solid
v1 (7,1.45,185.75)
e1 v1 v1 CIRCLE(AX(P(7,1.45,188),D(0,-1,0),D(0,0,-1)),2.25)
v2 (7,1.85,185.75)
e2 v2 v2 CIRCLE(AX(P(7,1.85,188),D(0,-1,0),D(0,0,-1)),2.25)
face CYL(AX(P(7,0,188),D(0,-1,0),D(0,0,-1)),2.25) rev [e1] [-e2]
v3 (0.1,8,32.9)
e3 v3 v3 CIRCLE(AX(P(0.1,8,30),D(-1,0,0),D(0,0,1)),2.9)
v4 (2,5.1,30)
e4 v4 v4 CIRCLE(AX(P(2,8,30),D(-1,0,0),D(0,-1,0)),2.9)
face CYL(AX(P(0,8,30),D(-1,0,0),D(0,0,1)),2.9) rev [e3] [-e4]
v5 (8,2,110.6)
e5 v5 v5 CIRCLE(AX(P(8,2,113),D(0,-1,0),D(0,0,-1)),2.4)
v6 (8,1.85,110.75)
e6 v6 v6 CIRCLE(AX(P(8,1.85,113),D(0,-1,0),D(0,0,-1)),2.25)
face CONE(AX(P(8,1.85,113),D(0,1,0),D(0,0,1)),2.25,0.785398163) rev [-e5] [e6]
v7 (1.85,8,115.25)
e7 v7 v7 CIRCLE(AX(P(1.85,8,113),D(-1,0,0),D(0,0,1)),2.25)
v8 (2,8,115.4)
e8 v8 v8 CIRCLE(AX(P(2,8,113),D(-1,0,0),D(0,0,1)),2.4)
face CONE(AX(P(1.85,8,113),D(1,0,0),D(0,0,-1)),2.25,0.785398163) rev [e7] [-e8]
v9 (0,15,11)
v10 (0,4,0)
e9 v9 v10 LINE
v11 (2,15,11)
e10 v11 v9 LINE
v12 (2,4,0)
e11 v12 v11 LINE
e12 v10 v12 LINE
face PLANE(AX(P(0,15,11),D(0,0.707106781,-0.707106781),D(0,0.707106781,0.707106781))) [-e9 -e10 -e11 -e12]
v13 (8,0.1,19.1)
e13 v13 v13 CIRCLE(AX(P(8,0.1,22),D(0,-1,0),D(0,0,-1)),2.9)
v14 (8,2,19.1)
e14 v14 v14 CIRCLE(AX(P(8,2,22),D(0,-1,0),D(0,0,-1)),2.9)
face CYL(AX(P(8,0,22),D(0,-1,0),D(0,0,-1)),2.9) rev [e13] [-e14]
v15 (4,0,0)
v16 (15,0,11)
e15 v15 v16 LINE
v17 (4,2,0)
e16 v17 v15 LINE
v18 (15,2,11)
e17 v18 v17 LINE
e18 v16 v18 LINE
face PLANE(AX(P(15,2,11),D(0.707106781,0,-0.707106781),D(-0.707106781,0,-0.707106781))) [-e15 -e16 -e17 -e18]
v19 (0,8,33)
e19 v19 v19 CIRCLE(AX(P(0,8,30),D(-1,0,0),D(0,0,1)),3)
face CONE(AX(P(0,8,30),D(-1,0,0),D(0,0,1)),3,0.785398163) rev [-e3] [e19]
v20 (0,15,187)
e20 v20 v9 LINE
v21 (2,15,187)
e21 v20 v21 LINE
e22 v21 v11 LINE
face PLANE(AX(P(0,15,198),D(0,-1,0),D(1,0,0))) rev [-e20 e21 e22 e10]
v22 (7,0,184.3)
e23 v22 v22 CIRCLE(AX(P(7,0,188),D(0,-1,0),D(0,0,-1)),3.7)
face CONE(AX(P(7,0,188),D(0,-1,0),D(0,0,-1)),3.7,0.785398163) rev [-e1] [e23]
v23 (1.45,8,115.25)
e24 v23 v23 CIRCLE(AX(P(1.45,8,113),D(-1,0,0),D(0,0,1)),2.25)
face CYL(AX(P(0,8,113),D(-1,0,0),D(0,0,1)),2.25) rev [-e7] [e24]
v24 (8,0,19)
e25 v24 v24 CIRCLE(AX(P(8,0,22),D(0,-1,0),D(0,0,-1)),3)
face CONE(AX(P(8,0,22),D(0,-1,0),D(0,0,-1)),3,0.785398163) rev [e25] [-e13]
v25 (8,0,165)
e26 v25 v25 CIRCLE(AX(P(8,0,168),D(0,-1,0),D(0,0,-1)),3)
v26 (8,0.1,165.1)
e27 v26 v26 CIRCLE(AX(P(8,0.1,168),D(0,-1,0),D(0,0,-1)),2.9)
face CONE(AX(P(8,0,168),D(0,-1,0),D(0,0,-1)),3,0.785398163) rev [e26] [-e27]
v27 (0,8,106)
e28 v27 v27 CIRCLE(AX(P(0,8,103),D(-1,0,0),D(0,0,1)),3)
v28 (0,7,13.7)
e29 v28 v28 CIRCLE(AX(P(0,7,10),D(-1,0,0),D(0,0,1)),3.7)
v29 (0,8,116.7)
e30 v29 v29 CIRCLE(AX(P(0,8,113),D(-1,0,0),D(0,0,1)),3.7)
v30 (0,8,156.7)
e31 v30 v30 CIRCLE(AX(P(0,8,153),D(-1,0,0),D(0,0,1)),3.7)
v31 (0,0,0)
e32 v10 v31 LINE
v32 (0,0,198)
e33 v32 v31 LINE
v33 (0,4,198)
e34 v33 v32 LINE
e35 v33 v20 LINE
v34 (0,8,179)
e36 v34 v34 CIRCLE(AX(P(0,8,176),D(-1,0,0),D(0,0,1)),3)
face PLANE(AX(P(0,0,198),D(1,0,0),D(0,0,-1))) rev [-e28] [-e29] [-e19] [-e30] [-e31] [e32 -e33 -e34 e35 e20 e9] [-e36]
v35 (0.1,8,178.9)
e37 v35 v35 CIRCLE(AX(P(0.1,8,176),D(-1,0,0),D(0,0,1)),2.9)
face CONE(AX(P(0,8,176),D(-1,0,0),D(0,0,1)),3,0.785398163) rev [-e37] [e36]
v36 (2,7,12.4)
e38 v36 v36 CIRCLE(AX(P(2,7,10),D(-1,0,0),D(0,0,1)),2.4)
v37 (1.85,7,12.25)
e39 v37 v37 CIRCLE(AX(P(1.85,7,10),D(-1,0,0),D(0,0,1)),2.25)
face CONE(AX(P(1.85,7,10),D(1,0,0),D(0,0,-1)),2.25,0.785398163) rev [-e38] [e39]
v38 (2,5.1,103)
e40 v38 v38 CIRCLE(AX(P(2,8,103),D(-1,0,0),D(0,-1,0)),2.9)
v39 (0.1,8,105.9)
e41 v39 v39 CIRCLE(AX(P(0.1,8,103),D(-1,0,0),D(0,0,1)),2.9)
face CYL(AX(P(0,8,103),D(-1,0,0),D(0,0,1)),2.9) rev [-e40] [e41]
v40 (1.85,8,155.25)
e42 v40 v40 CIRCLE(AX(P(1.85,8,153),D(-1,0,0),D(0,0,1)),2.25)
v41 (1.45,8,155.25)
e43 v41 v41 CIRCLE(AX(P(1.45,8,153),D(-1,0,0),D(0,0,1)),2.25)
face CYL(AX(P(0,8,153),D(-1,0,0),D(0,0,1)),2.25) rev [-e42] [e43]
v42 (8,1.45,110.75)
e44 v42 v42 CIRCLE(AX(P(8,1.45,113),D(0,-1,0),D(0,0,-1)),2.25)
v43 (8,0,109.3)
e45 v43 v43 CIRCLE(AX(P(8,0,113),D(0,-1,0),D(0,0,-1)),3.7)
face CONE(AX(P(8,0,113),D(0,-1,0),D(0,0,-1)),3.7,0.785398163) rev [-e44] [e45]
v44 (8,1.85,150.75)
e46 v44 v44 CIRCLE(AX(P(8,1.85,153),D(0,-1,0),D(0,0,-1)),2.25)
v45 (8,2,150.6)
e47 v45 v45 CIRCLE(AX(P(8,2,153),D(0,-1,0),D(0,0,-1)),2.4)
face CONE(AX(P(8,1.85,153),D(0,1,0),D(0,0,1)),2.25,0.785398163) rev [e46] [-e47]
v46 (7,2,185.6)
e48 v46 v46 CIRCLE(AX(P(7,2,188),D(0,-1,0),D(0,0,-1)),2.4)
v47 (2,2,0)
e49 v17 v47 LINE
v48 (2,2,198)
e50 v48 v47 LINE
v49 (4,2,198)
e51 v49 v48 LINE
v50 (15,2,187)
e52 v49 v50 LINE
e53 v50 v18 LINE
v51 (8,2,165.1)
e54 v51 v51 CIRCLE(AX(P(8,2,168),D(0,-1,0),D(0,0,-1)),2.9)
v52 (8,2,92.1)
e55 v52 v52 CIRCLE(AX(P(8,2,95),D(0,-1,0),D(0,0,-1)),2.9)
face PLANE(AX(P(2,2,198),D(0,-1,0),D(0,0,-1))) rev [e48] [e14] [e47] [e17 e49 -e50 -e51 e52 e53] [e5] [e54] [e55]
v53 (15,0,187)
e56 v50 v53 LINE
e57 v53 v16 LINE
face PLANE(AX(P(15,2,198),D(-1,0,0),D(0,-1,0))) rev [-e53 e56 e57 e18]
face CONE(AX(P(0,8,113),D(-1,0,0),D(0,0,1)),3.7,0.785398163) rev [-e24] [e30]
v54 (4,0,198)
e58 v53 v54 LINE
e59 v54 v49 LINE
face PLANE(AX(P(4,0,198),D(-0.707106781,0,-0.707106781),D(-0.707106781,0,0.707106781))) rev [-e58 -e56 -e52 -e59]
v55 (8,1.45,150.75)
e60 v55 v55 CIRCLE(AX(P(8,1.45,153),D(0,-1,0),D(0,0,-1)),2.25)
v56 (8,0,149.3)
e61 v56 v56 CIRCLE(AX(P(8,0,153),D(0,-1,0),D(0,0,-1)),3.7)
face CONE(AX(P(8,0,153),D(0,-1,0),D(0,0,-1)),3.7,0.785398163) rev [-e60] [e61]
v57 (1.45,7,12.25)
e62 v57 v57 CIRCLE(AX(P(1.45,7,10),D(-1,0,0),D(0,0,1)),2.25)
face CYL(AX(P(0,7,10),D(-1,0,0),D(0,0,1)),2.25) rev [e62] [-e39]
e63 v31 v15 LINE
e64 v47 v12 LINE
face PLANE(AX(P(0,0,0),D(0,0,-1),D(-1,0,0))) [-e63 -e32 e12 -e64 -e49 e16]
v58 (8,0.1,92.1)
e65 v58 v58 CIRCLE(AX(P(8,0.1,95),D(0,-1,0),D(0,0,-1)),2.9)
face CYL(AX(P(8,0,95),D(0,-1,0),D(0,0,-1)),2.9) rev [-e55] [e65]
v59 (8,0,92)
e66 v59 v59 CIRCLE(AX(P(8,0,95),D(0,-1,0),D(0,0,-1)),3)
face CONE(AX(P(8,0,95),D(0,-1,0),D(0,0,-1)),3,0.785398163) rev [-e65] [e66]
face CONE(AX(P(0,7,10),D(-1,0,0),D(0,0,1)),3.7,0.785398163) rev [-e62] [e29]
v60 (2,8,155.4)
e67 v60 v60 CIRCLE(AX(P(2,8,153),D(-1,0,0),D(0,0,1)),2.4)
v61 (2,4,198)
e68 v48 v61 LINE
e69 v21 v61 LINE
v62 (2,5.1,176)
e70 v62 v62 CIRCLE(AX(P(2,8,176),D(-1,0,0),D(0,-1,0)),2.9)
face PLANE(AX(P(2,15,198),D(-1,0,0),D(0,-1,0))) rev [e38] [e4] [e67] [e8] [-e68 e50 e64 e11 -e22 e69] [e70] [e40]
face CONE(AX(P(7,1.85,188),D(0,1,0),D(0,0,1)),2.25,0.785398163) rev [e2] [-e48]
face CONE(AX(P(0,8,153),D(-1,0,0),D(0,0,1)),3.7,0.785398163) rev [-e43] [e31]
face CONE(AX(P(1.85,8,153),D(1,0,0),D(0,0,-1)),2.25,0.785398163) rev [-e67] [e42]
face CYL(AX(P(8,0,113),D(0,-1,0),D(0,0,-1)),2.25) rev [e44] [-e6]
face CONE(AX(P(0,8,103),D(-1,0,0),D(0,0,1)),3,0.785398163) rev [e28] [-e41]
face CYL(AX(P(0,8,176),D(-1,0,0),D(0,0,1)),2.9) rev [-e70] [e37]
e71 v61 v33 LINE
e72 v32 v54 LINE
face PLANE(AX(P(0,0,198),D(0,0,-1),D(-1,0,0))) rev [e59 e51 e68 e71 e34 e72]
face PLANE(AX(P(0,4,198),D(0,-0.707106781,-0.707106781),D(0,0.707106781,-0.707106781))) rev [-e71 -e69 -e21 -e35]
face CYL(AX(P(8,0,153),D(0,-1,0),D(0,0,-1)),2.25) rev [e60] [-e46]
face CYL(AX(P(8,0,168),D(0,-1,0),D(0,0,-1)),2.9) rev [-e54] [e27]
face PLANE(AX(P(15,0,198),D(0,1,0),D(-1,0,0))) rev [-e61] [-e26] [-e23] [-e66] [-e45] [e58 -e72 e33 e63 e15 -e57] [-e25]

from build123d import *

# Parameters (mm, degrees)
EXTRUDE_1_DEPTH             = 198
CHAMFER_1_SIZE              = 11
HOLE_WIZARD_M41_AT_2_COUNT  = 2
HOLE_WIZARD_M41_AT_2_PITCH  = 35.0142828
HOLE_WIZARD_M41_AT_3_COUNT  = 2
HOLE_WIZARD_M41_AT_3_PITCH  = 75.00666637
HOLE_WIZARD_M42_AT_2_COUNT  = 2
HOLE_WIZARD_M42_AT_2_PITCH  = 103.004854255
HOLE_WIZARD_M42_AT_3_COUNT  = 2
HOLE_WIZARD_M42_AT_3_PITCH  = 143.003496461
HOLE_WIZARD_M51_D           = 5.8
HOLE_WIZARD_M51_DEPTH       = 3
HOLE_WIZARD_M51_CSINK_D     = 6
HOLE_WIZARD_M51_CSINK_ANGLE = 90
HOLE_WIZARD_M51_TIP         = 1.742495795
HOLE_WIZARD_M52_D           = 5.8
HOLE_WIZARD_M52_DEPTH       = 3
HOLE_WIZARD_M52_CSINK_D     = 6
HOLE_WIZARD_M52_CSINK_ANGLE = 90
HOLE_WIZARD_M52_TIP         = 1.742495795


with BuildPart() as part:
    # Эскиз1 → Бобышка-Вытянуть1 (new body)
    with BuildSketch(Plane.XY):
        Polygon((0, 0), (0, 15), (2, 15), (2, 2), (15, 2), (15, 0), align=None)
    extrude(amount=EXTRUDE_1_DEPTH)

    # Фаска1
    chamfer_1_edges = [part.edges().sort_by_distance(p)[0] for p in [
        (1, 15, 198),
        (1, 15, 0),
        (15, 1, 198),
        (15, 1, 0),
    ]]
    chamfer(chamfer_1_edges, length=CHAMFER_1_SIZE)

    # Эскиз2 → Зенковка для винта с потайной головкой M41 (revolve, cut)
    with BuildSketch(Plane(origin=(7, 0, 188), x_dir=(0, 0, -1), z_dir=(1, 0, 0))):
        Polygon((0, 0), (0, 2), (2.4, 2), (2.25, 1.85), (2.25, 1.45), (3.7, 0), align=None)
    hole_wizard_m41 = revolve(axis=Axis((7, -6.35, 188), (0, 1, 0)), mode=Mode.SUBTRACT)

    # Зенковка для винта с потайной головкой M41 at 2: Зенковка для винта с потайной головкой M41 ×2
    with Locations(*[Vector(0.028559774, 0, -0.999592086) * (i * HOLE_WIZARD_M41_AT_2_PITCH) for i in range(1, HOLE_WIZARD_M41_AT_2_COUNT)]):
        add(hole_wizard_m41, mode=Mode.SUBTRACT)

    # Зенковка для винта с потайной головкой M41 at 3: Зенковка для винта с потайной головкой M41 ×2
    with Locations(*[Vector(0.013332148, 0, -0.999911123) * (i * HOLE_WIZARD_M41_AT_3_PITCH) for i in range(1, HOLE_WIZARD_M41_AT_3_COUNT)]):
        add(hole_wizard_m41, mode=Mode.SUBTRACT)

    # Эскиз4 → Зенковка для винта с потайной головкой M42 (revolve, cut)
    with BuildSketch(Plane(origin=(0, 7, 10), x_dir=(0, 0, 1), z_dir=(0, 1, 0))):
        Polygon((0, 0), (0, 2), (2.4, 2), (2.25, 1.85), (2.25, 1.45), (3.7, 0), align=None)
    hole_wizard_m42 = revolve(axis=Axis((-6.35, 7, 10), (1, 0, 0)), mode=Mode.SUBTRACT)

    # Зенковка для винта с потайной головкой M42 at 2: Зенковка для винта с потайной головкой M42 ×2
    with Locations(*[Vector(0, 0.00970828, 0.999952874) * (i * HOLE_WIZARD_M42_AT_2_PITCH) for i in range(1, HOLE_WIZARD_M42_AT_2_COUNT)]):
        add(hole_wizard_m42, mode=Mode.SUBTRACT)

    # Зенковка для винта с потайной головкой M42 at 3: Зенковка для винта с потайной головкой M42 ×2
    with Locations(*[Vector(0, 0.006992836, 0.99997555) * (i * HOLE_WIZARD_M42_AT_3_PITCH) for i in range(1, HOLE_WIZARD_M42_AT_3_COUNT)]):
        add(hole_wizard_m42, mode=Mode.SUBTRACT)

    # Отверстие с зазором M51
    with Locations(Plane.ZY):
        with Locations((103, 8), (30, 8), (176, 8)):
            CounterSinkHole(HOLE_WIZARD_M51_D / 2, HOLE_WIZARD_M51_CSINK_D / 2, depth=HOLE_WIZARD_M51_DEPTH, counter_sink_angle=HOLE_WIZARD_M51_CSINK_ANGLE)
            with Locations((0, 0, -(HOLE_WIZARD_M51_DEPTH + HOLE_WIZARD_M51_TIP / 2))):  # 118° drill point
                Cone(0, HOLE_WIZARD_M51_D / 2, HOLE_WIZARD_M51_TIP, mode=Mode.SUBTRACT)

    # Отверстие с зазором M52
    with Locations(Plane.XZ):
        with Locations((8, 95), (8, 22), (8, 168)):
            CounterSinkHole(HOLE_WIZARD_M52_D / 2, HOLE_WIZARD_M52_CSINK_D / 2, depth=HOLE_WIZARD_M52_DEPTH, counter_sink_angle=HOLE_WIZARD_M52_CSINK_ANGLE)
            with Locations((0, 0, -(HOLE_WIZARD_M52_DEPTH + HOLE_WIZARD_M52_TIP / 2))):  # 118° drill point
                Cone(0, HOLE_WIZARD_M52_D / 2, HOLE_WIZARD_M52_TIP, mode=Mode.SUBTRACT)


solid = part.part
